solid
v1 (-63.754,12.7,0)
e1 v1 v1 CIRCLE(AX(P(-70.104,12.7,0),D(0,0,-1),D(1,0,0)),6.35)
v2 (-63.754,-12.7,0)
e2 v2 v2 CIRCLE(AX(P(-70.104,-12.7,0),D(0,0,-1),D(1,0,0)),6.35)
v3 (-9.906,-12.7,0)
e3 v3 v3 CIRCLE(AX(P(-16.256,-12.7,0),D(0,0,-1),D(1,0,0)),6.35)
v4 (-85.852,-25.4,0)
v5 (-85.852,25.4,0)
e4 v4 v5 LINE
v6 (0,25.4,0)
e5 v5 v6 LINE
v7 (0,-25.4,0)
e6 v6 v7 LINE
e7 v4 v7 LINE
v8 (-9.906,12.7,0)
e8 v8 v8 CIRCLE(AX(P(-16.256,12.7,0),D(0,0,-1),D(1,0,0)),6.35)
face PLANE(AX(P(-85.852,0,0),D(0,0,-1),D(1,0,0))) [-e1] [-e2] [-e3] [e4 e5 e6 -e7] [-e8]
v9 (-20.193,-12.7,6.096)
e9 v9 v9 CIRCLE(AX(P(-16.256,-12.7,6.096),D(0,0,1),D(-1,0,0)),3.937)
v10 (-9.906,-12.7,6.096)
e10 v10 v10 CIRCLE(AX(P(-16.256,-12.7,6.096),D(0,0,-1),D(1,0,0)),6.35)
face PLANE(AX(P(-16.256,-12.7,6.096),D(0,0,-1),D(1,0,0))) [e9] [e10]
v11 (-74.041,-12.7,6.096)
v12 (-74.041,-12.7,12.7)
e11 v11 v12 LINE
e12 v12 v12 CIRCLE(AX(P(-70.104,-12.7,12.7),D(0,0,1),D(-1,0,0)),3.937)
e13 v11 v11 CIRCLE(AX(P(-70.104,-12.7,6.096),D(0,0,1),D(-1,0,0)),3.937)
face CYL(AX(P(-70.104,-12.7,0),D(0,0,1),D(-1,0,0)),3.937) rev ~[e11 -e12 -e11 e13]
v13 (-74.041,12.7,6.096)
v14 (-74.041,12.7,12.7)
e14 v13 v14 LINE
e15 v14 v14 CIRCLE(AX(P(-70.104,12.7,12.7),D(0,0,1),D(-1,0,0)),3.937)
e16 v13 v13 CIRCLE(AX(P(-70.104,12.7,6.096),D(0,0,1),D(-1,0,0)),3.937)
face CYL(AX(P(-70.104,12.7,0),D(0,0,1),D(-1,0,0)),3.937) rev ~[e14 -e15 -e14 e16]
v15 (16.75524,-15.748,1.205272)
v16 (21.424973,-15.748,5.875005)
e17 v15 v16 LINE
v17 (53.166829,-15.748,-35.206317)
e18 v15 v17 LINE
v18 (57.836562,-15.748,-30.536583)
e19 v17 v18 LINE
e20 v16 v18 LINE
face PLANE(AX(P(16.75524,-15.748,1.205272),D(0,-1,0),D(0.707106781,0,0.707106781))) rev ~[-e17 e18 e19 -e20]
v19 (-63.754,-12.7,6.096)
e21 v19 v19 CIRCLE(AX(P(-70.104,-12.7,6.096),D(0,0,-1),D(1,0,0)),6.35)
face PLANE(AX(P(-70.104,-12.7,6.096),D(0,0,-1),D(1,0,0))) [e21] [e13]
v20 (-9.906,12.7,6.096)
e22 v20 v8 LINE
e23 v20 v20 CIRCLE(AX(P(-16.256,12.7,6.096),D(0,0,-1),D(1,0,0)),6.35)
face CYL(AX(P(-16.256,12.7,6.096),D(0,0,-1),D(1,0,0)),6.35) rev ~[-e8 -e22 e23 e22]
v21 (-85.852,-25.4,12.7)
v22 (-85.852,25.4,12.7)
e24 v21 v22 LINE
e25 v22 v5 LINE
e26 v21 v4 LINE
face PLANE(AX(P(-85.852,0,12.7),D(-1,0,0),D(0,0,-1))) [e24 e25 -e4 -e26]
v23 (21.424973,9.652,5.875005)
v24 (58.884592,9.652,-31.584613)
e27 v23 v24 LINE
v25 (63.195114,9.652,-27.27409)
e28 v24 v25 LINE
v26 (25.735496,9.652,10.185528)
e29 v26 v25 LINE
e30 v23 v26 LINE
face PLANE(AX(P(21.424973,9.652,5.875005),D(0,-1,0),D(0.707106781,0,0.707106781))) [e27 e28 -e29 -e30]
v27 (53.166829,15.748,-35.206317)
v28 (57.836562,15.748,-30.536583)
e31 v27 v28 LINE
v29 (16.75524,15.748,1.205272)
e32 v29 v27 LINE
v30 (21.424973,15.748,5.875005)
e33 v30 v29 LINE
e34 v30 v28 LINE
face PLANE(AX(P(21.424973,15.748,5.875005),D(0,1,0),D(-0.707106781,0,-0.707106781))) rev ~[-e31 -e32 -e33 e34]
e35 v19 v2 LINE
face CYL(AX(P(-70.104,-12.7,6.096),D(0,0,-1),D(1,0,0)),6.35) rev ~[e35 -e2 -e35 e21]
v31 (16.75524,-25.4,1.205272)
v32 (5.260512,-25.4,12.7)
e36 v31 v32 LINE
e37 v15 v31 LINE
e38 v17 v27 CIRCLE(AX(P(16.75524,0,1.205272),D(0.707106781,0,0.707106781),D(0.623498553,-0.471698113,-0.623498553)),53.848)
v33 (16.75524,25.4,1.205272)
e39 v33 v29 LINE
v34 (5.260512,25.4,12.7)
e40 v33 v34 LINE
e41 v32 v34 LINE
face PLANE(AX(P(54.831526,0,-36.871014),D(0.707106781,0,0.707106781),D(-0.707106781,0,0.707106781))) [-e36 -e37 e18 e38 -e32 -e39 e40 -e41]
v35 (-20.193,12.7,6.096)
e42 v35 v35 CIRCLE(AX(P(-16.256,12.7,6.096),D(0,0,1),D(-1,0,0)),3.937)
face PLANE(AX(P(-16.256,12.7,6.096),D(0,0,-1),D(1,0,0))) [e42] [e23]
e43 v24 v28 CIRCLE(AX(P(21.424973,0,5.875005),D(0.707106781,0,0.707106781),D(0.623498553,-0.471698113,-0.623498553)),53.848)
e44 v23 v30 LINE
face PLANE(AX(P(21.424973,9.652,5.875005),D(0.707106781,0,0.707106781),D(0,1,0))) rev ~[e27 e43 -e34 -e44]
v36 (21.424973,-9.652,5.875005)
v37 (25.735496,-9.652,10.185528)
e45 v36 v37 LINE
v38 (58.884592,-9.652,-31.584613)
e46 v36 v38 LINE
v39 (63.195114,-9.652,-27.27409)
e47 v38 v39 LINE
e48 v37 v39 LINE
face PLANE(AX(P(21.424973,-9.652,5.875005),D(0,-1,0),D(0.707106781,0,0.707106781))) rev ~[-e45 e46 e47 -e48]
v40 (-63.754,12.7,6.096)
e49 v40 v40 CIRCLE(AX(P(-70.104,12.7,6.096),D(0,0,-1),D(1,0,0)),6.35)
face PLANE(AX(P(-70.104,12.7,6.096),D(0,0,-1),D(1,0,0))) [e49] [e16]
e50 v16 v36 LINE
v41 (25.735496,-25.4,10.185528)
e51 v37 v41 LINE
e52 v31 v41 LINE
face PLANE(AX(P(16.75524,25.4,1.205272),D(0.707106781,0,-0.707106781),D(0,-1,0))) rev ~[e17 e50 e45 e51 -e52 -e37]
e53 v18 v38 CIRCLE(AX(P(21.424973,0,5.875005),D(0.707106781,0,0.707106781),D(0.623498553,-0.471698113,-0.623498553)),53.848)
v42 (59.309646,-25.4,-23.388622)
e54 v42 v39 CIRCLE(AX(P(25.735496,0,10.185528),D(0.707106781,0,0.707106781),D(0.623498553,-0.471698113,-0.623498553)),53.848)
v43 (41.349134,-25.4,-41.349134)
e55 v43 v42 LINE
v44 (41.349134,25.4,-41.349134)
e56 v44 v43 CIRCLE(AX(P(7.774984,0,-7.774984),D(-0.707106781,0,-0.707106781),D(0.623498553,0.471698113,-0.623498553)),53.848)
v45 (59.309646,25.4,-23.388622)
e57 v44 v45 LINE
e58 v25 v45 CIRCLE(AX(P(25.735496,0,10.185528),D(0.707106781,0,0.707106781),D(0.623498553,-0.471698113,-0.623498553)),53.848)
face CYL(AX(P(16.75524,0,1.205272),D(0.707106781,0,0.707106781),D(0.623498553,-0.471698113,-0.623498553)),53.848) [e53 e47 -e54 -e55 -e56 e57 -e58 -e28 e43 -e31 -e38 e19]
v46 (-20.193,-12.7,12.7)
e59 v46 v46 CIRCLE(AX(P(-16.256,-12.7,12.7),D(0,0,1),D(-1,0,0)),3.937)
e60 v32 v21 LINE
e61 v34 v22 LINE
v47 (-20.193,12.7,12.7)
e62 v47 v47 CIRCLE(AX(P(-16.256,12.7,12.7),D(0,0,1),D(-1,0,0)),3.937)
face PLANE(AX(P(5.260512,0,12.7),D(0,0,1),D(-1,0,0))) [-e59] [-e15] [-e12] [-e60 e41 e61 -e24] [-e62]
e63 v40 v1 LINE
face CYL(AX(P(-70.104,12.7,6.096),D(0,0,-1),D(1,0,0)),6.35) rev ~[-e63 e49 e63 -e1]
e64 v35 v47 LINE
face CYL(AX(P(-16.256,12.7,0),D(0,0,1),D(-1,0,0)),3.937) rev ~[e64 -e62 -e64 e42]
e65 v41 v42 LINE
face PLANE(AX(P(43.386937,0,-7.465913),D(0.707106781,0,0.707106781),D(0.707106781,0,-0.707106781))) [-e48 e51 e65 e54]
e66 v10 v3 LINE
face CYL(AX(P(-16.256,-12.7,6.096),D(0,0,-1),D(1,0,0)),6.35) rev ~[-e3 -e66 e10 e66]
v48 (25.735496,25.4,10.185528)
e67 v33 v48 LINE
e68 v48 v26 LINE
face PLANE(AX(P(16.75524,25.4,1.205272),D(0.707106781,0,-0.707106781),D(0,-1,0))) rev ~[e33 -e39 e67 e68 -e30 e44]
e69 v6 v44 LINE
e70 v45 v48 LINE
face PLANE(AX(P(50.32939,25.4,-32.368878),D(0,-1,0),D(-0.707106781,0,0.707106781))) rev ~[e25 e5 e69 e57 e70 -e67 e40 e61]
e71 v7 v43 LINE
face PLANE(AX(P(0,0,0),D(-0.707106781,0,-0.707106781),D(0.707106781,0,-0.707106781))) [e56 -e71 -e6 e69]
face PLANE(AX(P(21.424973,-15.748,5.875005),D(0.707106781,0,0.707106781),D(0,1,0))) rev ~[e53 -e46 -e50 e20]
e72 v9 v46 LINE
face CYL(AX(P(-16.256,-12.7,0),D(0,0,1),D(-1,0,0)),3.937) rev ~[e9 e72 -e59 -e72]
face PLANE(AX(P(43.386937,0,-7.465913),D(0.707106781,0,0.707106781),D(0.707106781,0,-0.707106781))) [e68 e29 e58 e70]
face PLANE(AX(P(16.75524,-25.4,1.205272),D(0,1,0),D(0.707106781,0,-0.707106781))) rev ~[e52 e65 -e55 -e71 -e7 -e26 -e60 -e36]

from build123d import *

# Parameters (mm, degrees)
F1_DEPTH       = 25.4
F3_D           = 7.874
F3_CBORE_D     = 12.7
F3_CBORE_DEPTH = 6.096
F5_DEPTH       = 12.7
F6_DEPTH       = 105.8292752574
F7_W           = 19.304
F7_H           = 6.096
F8_DEPTH       = 66.549


with BuildPart() as f1:
    # F0 (on Front) → F1 (new body, symmetric)
    with BuildSketch(Plane.XZ):
        Polygon((-85.852, 0), (0, 0), (45.8512699094, -45.8512699094), (54.8315260304, -36.8710137883), (5.2605122421, 12.7), (-85.852, 12.7), align=None)
    extrude(amount=F1_DEPTH, both=True)

    # F3 (through all)
    with Locations(Plane(origin=(0, 0, 0), x_dir=(1, 0, 0), z_dir=(0, 0, -1))):
        with Locations((-70.104, 12.7), (-16.256, 12.7), (-16.256, -12.7), (-70.104, -12.7)):
            CounterBoreHole(F3_D / 2, F3_CBORE_D / 2, F3_CBORE_DEPTH)

    # F4 (on face) → F5 (join)
    with BuildSketch(Plane(origin=(8.9802561211, 0, 8.9802561211), x_dir=(0.7071067812, 0, -0.7071067812), z_dir=(0.7071067812, 0, 0.7071067812))):
        with BuildLine():
            Line((10.9954877579, -25.4), (58.4765061126, -25.4))
            ThreePointArc((58.4765061126, -25.4), (64.8434877579, 0), (58.4765061126, 25.4))
            Line((58.4765061126, 25.4), (10.9954877579, 25.4))
            Line((10.9954877579, 25.4), (10.9954877579, -25.4))
        make_face()
    extrude(amount=F5_DEPTH)

    # F6 (cut, through all): faces of the model
    f6_faces = [f1.faces().sort_by_distance(p)[0] for p in [
        (53.495770348, -19.1275210106, -35.5352581058),
        (53.495770348, 19.1275210106, -35.5352581058),
    ]]
    extrude(f6_faces, amount=-F6_DEPTH, mode=Mode.SUBTRACT)

    # F7 (on face) → F8 (cut, through all)
    with BuildSketch(Plane(origin=(7.774983956, 0, -7.774983956), x_dir=(0, -1, 0), z_dir=(-0.7071067812, 0, 0.7071067812))):
        Polygon((-15.748, 19.304), (-15.748, 12.7), (15.748, 12.7), (15.748, 19.304), (9.652, 19.304), (-9.652, 19.304), align=None)
        with Locations((0, 22.352)):
            Rectangle(F7_W, F7_H)
    extrude(amount=-F8_DEPTH, mode=Mode.SUBTRACT)


solid = f1.part
